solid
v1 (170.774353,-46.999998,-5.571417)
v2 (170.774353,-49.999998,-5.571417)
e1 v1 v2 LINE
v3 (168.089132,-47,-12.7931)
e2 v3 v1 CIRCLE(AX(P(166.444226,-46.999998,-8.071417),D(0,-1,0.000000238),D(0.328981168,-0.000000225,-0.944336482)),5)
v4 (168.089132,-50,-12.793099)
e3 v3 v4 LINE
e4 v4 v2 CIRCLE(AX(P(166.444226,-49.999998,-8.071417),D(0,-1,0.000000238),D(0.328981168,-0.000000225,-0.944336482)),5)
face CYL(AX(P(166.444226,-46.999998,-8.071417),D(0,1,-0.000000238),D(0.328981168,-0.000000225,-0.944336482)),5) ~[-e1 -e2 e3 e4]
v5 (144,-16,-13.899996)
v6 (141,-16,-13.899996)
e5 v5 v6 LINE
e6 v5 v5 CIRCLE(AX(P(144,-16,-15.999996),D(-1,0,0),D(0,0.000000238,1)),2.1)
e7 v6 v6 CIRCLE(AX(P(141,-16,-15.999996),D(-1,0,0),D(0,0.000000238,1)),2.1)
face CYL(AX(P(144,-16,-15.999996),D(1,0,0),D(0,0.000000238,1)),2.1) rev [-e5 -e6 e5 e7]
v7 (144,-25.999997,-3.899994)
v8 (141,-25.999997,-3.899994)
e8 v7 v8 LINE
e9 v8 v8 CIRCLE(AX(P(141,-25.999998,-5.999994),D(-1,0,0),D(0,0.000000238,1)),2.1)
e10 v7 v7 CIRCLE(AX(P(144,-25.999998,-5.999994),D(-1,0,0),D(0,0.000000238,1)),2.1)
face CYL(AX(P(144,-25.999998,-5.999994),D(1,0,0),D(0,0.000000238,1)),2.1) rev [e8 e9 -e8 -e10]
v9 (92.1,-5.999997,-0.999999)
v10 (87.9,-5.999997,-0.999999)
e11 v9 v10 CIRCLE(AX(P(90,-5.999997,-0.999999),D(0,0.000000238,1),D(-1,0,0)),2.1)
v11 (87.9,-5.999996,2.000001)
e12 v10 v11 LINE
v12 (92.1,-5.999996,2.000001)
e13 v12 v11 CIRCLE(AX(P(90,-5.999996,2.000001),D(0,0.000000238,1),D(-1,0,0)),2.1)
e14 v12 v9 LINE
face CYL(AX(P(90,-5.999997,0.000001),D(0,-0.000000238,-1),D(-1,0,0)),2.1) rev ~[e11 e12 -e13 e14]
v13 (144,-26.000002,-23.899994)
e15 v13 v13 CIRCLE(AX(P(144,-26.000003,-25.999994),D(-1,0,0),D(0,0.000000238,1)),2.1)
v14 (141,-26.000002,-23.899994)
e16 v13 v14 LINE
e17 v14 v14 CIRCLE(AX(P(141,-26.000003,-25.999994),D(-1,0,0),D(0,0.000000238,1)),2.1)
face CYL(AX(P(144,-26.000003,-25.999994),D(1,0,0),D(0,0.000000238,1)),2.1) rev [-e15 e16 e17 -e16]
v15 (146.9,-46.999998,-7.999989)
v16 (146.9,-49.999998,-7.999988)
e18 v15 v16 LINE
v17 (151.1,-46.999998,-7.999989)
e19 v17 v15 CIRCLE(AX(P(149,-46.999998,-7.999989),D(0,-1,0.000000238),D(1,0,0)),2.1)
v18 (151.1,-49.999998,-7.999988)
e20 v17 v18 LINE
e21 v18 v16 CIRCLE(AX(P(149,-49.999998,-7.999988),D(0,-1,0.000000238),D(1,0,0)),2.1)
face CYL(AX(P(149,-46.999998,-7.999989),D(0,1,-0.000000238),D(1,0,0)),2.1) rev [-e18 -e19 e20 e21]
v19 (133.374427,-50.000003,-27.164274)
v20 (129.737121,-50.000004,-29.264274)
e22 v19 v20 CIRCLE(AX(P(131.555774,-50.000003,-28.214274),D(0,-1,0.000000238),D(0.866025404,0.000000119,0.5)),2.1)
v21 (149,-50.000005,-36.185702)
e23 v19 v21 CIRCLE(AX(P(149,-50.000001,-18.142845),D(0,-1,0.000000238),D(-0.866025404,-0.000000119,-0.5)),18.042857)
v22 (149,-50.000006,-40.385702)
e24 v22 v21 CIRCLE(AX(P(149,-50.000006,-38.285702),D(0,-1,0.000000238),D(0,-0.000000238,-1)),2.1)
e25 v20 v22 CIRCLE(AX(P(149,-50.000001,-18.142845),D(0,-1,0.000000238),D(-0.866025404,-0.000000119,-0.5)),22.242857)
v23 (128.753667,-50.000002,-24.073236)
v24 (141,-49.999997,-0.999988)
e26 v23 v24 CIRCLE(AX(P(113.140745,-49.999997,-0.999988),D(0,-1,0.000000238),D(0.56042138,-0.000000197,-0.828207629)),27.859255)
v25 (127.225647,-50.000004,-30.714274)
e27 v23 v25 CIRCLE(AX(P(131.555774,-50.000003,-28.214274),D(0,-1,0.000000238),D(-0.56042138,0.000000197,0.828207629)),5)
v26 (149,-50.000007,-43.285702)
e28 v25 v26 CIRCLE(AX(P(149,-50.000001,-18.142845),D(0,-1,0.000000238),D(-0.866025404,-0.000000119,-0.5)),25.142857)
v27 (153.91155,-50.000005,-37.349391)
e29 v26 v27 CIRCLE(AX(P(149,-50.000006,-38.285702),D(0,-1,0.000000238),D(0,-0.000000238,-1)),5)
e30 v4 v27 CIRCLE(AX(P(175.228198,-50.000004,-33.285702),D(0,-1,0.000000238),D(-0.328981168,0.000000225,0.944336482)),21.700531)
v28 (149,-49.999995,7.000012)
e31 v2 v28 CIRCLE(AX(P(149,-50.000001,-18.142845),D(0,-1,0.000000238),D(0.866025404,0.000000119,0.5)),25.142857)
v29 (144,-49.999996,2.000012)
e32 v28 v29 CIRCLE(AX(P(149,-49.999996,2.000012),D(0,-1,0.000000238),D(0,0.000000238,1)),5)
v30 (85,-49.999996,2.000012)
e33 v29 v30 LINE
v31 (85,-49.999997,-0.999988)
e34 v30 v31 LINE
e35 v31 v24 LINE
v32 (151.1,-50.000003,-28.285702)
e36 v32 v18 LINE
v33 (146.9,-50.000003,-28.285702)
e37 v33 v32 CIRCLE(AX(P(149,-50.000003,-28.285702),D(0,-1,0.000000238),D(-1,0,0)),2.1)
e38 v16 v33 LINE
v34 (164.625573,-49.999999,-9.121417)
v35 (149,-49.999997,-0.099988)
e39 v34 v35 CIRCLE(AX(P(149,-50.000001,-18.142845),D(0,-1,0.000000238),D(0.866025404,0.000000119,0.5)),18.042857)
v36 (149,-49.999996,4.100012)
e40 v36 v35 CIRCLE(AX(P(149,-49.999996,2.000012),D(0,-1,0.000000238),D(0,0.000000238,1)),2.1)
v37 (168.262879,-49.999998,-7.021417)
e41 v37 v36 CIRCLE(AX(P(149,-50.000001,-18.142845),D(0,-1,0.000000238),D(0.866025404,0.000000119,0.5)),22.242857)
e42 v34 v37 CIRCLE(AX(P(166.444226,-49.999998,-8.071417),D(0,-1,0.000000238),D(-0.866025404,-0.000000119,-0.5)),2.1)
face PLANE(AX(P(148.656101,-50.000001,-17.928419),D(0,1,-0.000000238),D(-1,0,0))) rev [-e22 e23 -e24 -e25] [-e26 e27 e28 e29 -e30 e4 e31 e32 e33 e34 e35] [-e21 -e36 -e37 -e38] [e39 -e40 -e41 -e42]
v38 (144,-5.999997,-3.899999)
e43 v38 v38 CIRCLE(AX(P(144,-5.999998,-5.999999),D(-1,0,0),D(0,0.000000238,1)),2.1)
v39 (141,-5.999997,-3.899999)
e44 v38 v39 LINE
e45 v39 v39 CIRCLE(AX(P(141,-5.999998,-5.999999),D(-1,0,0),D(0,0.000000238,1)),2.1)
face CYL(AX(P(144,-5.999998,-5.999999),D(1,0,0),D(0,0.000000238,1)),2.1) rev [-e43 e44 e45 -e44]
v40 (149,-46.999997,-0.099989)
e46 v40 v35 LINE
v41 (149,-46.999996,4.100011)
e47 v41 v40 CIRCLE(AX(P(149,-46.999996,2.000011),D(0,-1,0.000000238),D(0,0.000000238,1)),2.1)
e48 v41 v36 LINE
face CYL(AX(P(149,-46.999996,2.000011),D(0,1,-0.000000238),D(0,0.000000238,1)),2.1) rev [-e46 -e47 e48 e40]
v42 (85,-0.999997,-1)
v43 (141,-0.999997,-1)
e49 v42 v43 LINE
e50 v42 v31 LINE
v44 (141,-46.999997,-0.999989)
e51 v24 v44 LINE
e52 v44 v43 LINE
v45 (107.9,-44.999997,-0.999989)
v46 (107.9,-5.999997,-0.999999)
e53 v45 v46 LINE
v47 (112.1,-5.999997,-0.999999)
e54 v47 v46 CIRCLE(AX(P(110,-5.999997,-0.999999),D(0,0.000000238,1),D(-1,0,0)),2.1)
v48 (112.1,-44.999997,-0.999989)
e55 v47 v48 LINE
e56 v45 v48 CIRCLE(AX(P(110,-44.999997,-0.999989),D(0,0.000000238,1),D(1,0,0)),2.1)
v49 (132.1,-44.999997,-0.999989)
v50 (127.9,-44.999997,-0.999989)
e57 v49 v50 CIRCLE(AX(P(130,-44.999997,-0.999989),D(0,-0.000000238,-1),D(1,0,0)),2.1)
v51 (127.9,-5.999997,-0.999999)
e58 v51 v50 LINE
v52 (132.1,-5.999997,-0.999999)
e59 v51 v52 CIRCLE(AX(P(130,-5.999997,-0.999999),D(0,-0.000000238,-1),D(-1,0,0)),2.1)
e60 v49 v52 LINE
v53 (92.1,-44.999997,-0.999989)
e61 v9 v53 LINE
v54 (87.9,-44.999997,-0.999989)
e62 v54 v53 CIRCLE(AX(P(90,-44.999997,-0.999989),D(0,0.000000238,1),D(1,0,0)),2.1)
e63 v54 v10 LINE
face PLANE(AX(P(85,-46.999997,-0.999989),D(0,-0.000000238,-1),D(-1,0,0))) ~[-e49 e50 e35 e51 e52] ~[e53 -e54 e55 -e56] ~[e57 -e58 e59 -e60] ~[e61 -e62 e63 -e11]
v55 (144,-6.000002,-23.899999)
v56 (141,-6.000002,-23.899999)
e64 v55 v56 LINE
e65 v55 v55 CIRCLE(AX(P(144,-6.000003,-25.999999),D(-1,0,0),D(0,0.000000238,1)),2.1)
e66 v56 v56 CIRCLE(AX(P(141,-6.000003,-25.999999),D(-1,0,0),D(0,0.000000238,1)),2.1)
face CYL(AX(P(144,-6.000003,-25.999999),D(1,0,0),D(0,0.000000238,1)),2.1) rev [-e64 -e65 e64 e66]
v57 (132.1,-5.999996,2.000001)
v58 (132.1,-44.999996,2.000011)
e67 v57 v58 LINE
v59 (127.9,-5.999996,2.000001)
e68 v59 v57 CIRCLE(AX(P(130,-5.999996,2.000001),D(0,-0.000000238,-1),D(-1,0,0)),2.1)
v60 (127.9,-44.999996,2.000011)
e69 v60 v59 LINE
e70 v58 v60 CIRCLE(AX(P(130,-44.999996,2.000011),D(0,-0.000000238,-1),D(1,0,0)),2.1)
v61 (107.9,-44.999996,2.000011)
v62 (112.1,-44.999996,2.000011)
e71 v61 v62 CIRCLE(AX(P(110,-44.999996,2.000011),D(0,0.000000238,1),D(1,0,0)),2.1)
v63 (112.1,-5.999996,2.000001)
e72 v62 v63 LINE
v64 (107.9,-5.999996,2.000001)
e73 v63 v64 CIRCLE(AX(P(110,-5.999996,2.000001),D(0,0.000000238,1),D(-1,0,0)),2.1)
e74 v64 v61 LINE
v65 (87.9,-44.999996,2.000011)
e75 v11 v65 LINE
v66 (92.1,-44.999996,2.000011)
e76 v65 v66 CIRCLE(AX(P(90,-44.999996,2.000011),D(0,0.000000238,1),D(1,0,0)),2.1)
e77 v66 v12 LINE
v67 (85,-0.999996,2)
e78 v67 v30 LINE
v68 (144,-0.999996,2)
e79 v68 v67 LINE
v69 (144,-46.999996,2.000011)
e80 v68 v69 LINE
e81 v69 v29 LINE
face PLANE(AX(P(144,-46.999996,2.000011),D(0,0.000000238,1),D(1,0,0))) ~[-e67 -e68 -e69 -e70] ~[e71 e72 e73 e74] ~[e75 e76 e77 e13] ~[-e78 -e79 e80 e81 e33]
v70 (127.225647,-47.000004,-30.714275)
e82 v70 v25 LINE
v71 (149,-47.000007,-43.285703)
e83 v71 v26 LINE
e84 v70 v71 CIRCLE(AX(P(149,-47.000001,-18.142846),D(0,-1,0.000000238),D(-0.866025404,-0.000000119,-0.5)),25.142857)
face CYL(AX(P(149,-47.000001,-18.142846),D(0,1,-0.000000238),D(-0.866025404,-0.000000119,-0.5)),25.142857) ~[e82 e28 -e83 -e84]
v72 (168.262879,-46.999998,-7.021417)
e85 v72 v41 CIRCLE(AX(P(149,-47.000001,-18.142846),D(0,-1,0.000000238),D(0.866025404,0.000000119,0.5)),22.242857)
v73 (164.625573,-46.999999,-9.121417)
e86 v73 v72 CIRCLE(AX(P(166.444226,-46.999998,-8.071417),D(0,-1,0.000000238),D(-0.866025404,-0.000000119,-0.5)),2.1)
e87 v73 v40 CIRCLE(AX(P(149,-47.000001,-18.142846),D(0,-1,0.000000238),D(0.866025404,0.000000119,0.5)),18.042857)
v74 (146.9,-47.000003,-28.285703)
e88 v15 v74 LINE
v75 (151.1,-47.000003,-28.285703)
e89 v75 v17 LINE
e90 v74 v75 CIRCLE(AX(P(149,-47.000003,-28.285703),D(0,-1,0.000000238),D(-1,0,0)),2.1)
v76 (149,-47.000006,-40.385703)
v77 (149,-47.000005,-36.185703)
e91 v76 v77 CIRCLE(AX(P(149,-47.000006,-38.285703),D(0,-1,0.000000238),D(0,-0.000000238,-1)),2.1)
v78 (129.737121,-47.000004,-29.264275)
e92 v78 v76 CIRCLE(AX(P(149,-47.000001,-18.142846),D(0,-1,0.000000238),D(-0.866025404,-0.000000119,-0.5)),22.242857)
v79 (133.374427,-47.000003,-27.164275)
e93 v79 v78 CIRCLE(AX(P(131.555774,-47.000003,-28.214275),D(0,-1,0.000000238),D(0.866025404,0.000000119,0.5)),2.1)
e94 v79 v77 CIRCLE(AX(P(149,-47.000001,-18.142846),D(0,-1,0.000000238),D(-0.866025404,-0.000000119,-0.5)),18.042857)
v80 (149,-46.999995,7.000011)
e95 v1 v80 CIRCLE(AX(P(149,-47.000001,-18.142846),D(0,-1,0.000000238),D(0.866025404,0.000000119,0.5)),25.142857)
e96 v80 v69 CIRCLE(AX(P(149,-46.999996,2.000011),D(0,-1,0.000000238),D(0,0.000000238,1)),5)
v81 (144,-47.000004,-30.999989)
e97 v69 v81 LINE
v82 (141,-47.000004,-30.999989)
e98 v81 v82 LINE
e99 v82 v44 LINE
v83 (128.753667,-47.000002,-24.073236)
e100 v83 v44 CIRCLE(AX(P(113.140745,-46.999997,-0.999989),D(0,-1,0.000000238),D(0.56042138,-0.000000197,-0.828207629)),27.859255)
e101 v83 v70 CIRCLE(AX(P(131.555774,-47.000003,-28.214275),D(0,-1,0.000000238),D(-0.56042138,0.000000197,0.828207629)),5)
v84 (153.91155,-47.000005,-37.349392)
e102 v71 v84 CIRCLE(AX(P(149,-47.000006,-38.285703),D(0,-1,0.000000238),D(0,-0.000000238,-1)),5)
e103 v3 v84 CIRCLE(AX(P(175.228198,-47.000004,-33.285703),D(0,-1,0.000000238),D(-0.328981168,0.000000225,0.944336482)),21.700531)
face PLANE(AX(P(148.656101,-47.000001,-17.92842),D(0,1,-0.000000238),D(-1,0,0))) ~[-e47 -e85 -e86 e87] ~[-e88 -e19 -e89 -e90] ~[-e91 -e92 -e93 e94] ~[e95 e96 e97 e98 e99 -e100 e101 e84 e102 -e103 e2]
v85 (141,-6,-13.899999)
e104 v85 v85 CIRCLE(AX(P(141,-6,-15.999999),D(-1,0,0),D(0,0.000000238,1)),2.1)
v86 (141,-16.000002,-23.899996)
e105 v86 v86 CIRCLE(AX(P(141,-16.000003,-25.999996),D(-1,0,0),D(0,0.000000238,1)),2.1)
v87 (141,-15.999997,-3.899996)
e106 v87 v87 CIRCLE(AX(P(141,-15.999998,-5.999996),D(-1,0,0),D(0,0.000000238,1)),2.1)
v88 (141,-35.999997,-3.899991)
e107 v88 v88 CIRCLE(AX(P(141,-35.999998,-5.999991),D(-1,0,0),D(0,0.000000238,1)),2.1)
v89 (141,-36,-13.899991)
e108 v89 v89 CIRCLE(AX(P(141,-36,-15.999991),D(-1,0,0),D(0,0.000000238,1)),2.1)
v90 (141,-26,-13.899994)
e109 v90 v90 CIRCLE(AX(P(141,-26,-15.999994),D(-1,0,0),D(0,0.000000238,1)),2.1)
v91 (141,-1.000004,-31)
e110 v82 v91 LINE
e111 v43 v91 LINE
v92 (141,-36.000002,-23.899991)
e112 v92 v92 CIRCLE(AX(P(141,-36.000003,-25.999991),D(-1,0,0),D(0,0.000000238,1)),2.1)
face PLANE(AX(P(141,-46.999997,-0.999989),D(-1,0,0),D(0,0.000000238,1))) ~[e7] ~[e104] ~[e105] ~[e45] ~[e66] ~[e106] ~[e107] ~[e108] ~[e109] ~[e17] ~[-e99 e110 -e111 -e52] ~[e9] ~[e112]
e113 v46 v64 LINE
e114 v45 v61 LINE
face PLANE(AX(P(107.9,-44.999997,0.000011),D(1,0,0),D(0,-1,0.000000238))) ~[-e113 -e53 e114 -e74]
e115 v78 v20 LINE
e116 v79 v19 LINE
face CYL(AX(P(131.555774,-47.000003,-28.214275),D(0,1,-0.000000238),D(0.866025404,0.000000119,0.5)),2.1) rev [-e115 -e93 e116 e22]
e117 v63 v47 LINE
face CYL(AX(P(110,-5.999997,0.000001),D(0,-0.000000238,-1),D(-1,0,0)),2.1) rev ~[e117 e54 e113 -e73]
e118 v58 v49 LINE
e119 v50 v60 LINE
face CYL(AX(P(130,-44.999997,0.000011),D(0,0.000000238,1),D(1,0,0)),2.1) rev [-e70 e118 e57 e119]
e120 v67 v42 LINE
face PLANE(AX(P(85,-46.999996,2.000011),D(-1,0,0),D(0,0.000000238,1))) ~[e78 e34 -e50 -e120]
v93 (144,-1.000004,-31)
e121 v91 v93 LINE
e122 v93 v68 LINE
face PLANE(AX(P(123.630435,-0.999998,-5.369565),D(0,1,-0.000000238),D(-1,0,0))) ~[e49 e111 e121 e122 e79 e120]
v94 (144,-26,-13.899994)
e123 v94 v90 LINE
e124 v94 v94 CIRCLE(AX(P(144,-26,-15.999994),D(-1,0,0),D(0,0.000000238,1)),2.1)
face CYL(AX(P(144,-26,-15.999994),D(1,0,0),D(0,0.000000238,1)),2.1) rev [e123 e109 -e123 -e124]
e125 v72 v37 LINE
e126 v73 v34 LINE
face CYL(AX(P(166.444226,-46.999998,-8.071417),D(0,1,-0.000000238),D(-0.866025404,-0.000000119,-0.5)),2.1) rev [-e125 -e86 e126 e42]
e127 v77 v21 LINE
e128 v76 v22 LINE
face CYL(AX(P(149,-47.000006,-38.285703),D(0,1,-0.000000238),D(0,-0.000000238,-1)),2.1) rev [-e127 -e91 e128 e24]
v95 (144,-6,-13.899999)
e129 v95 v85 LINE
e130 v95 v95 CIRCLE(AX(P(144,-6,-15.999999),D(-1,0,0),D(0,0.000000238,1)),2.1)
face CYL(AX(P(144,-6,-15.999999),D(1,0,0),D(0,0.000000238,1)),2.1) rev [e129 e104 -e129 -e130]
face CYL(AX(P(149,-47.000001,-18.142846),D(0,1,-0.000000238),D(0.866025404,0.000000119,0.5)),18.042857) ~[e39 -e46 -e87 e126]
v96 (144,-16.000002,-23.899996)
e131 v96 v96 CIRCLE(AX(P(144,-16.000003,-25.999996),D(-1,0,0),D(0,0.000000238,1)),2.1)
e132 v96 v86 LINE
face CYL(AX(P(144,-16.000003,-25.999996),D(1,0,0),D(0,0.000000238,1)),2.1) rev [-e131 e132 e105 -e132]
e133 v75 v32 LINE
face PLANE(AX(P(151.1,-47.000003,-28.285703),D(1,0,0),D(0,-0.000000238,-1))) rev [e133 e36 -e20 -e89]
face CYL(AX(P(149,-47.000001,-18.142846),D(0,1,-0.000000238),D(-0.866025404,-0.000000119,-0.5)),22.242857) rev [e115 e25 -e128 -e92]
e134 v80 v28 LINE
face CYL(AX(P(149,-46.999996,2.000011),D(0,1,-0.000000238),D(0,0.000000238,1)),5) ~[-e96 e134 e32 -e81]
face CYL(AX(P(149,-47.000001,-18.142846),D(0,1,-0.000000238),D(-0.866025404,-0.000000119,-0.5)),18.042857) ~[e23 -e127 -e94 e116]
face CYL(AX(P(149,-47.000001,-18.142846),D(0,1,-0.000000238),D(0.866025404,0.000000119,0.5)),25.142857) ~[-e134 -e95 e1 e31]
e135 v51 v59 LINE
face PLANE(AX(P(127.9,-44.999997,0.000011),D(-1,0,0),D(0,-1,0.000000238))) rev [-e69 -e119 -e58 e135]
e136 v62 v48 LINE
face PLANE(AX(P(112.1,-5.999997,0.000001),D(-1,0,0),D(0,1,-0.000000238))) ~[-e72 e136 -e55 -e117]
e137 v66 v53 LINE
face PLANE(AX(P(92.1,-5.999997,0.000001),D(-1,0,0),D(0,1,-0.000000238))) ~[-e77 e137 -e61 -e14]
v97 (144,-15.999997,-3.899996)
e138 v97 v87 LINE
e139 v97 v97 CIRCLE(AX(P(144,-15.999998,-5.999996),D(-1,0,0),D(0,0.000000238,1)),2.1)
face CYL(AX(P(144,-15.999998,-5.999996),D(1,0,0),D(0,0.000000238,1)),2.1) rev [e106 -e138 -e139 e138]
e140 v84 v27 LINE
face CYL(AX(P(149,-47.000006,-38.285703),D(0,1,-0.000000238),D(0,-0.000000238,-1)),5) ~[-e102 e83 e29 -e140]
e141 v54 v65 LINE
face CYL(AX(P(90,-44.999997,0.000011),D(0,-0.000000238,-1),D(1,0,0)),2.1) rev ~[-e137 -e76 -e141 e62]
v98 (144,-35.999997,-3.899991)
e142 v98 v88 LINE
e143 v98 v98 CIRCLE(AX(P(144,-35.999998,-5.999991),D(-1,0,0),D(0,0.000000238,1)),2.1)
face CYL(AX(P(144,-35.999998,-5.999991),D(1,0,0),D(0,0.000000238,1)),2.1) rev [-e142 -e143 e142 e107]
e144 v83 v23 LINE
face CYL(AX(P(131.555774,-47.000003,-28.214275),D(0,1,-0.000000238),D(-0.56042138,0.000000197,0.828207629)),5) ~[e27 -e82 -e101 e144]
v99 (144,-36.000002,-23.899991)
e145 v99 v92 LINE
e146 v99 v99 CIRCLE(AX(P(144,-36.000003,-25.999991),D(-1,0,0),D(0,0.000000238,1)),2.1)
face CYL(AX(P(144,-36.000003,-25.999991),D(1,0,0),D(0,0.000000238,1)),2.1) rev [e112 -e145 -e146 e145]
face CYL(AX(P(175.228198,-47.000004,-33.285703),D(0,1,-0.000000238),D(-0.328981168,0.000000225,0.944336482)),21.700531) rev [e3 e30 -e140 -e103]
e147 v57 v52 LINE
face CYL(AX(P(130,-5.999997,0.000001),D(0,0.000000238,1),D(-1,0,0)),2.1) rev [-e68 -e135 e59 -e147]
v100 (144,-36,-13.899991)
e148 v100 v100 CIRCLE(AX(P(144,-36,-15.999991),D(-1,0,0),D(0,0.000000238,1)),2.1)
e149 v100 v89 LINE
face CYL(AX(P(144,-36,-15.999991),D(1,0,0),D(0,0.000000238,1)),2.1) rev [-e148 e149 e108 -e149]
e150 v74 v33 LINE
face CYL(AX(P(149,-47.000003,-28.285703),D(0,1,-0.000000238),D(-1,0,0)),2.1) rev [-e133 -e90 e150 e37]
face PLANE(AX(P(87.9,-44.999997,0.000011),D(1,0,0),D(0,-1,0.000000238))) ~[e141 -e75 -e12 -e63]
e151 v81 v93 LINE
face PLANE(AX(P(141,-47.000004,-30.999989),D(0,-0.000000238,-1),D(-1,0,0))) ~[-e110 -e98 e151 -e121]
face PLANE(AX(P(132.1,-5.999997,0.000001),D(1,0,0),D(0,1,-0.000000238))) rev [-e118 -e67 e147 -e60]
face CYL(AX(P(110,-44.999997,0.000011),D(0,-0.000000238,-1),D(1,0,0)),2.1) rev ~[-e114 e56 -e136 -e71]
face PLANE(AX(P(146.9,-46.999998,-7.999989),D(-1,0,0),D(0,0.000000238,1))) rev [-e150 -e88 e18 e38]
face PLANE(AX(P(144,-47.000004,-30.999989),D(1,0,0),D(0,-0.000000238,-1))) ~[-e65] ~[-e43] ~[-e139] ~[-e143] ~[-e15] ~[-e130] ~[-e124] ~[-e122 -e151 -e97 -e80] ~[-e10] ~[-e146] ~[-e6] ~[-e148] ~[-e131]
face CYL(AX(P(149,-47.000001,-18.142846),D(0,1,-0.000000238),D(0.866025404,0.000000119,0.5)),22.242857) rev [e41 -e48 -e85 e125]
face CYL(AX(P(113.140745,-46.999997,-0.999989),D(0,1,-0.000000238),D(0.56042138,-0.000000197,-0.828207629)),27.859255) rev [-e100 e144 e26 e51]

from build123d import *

# Parameters (mm, degrees)
PAD037_DEPTH      = 46
PAD037_DEPTH_BACK = 3
PAD038_DEPTH      = 3
POCKET016_DEPTH   = 10
SKETCH066_R       = 2.1
POCKET023_DEPTH   = 5


with BuildPart() as tentingleg:
    # Sketch054 → Pad037 (new body, two sides)
    with BuildSketch(Plane.XZ) as pad037_sk:
        Polygon((-55, -1), (-5, -1), (1, -1), (1, -31), (3.9999999999, -31), (3.9999999999, -1), (3.9999999999, 2), (-5, 2), (-55, 2), align=None)
    extrude(amount=PAD037_DEPTH)
    extrude(pad037_sk.sketch, amount=-PAD037_DEPTH_BACK)

    # Sketch055 → Pad038 (join)
    with BuildSketch(Plane.XZ):
        with BuildLine():
            ThreePointArc((8.9999999999, -43.2857142857), (12.8523729567, -41.4730678277), (13.9115498355, -37.3494033264))
            ThreePointArc((28.0891318316, -12.7931109807), (16.4349866323, -22.4354486765), (13.9115498355, -37.3494033264))
            ThreePointArc((28.0891318316, -12.7931109807), (31.130741607, -9.8140046459), (30.7743530093, -5.5714285714))
            ThreePointArc((30.7743530093, -5.5714285714), (21.5714285713, 3.6314958666), (8.9999999999, 7))
            ThreePointArc((8.9999999999, 7), (5.464466094, 5.5355339059), (3.9999999999, 2))
            Line((3.9999999999, 2), (1, -1))
            ThreePointArc((-11.2463328898, -24.0732475684), (-2.2513043788, -14.0608903085), (1, -1))
            ThreePointArc((-11.2463328898, -24.0732475684), (-13.3169087301, -27.0931421371), (-12.7743530095, -30.7142857143))
            ThreePointArc((-12.7743530095, -30.7142857143), (-3.5714285715, -39.9172101523), (8.9999999999, -43.2857142857))
        make_face()
        with BuildLine():
            ThreePointArc((6.8999999999, -28.2857142857), (8.9999999999, -30.3857142857), (11.0999999999, -28.2857142857))
            Line((11.0999999999, -28.2857142857), (11.0999999999, -8))
            ThreePointArc((11.0999999999, -8), (8.9999999999, -5.9), (6.8999999999, -8))
            Line((6.8999999999, -8), (6.8999999999, -28.2857142857))
        make_face(mode=Mode.SUBTRACT)
        with BuildLine():
            ThreePointArc((8.9999999999, -40.3857142857), (11.0999999999, -38.2857142857), (8.9999999999, -36.1857142857))
            ThreePointArc((-6.6255726426, -27.1642857143), (-0.0214285715, -33.7684297854), (8.9999999999, -36.1857142857))
            ThreePointArc((-6.6255726426, -27.1642857143), (-9.4942259906, -26.3956323663), (-10.2628793385, -29.2642857143))
            ThreePointArc((-10.2628793385, -29.2642857143), (-2.1214285715, -37.4057364813), (8.9999999999, -40.3857142857))
        make_face(mode=Mode.SUBTRACT)
        with BuildLine():
            ThreePointArc((8.9999999999, 4.1), (6.8999999999, 2), (8.9999999999, -0.1))
            ThreePointArc((24.6255726425, -9.1214285714), (18.0214285713, -2.5172845003), (8.9999999999, -0.1))
            ThreePointArc((24.6255726425, -9.1214285714), (27.4942259904, -9.8900819194), (28.2628793384, -7.0214285714))
            ThreePointArc((28.2628793384, -7.0214285714), (20.1214285713, 1.1200221956), (8.9999999999, 4.1))
        make_face(mode=Mode.SUBTRACT)
    extrude(amount=-PAD038_DEPTH)

    # Sketch056 → Pocket016 (cut, symmetric)
    with BuildSketch(Plane.XY):
        with BuildLine():
            ThreePointArc((-47.9, -2), (-50, 0.1), (-52.1, -2))
            Line((-52.1, -2), (-52.1, -41))
            ThreePointArc((-52.1, -41), (-50, -43.1), (-47.9, -41))
            Line((-47.9, -41), (-47.9, -2))
        make_face()
        with BuildLine():
            ThreePointArc((-27.9, -2), (-30, 0.1), (-32.1, -2))
            Line((-32.1, -2), (-32.1, -41))
            ThreePointArc((-32.1, -41), (-30, -43.1), (-27.9, -41))
            Line((-27.9, -41), (-27.9, -2))
        make_face()
        with BuildLine():
            ThreePointArc((-7.9, -2), (-10, 0.1), (-12.1, -2))
            Line((-12.1, -2), (-12.1, -41))
            ThreePointArc((-12.1, -41), (-10, -43.1), (-7.9, -41))
            Line((-7.9, -41), (-7.9, -2))
        make_face()
    extrude(amount=POCKET016_DEPTH, both=True, mode=Mode.SUBTRACT)

    # Sketch066 (on Face45 of Pocket016) → Pocket023 (cut)
    with BuildSketch(Plane(origin=(3.9999999999, 0, 0), x_dir=(0, 0, 1), z_dir=(1, 0, 0))):
        with Locations((-26, 41)):
            Circle(SKETCH066_R)
        with Locations((-16, 31)):
            Circle(SKETCH066_R)
        with Locations((-16, 21)):
            Circle(SKETCH066_R)
        with Locations((-16, 41)):
            Circle(SKETCH066_R)
        with Locations((-6, 31)):
            Circle(SKETCH066_R)
        with Locations((-6, 41)):
            Circle(SKETCH066_R)
        with Locations((-26, 31)):
            Circle(SKETCH066_R)
        with Locations((-26, 21)):
            Circle(SKETCH066_R)
        with Locations((-26, 11)):
            Circle(SKETCH066_R)
        with Locations((-16, 11)):
            Circle(SKETCH066_R)
        with Locations((-6, 11)):
            Circle(SKETCH066_R)
        with Locations((-6, 21)):
            Circle(SKETCH066_R)
    extrude(amount=-POCKET023_DEPTH, mode=Mode.SUBTRACT)


with BuildPart() as tentingleg_1:
    # Body012 placement: moved
    add(tentingleg.part.moved(Location((140, 47, 0))))


with BuildPart() as part_mirroring:
    # Part__Mirroring: instance of TentingLeg
    add(tentingleg_1.part.mirror(Plane(origin=(119.6685180664, 0, -14.4371900558), x_dir=(1, 0, 0), z_dir=(0, 1, -1.192e-07))))


solid = part_mirroring.part
